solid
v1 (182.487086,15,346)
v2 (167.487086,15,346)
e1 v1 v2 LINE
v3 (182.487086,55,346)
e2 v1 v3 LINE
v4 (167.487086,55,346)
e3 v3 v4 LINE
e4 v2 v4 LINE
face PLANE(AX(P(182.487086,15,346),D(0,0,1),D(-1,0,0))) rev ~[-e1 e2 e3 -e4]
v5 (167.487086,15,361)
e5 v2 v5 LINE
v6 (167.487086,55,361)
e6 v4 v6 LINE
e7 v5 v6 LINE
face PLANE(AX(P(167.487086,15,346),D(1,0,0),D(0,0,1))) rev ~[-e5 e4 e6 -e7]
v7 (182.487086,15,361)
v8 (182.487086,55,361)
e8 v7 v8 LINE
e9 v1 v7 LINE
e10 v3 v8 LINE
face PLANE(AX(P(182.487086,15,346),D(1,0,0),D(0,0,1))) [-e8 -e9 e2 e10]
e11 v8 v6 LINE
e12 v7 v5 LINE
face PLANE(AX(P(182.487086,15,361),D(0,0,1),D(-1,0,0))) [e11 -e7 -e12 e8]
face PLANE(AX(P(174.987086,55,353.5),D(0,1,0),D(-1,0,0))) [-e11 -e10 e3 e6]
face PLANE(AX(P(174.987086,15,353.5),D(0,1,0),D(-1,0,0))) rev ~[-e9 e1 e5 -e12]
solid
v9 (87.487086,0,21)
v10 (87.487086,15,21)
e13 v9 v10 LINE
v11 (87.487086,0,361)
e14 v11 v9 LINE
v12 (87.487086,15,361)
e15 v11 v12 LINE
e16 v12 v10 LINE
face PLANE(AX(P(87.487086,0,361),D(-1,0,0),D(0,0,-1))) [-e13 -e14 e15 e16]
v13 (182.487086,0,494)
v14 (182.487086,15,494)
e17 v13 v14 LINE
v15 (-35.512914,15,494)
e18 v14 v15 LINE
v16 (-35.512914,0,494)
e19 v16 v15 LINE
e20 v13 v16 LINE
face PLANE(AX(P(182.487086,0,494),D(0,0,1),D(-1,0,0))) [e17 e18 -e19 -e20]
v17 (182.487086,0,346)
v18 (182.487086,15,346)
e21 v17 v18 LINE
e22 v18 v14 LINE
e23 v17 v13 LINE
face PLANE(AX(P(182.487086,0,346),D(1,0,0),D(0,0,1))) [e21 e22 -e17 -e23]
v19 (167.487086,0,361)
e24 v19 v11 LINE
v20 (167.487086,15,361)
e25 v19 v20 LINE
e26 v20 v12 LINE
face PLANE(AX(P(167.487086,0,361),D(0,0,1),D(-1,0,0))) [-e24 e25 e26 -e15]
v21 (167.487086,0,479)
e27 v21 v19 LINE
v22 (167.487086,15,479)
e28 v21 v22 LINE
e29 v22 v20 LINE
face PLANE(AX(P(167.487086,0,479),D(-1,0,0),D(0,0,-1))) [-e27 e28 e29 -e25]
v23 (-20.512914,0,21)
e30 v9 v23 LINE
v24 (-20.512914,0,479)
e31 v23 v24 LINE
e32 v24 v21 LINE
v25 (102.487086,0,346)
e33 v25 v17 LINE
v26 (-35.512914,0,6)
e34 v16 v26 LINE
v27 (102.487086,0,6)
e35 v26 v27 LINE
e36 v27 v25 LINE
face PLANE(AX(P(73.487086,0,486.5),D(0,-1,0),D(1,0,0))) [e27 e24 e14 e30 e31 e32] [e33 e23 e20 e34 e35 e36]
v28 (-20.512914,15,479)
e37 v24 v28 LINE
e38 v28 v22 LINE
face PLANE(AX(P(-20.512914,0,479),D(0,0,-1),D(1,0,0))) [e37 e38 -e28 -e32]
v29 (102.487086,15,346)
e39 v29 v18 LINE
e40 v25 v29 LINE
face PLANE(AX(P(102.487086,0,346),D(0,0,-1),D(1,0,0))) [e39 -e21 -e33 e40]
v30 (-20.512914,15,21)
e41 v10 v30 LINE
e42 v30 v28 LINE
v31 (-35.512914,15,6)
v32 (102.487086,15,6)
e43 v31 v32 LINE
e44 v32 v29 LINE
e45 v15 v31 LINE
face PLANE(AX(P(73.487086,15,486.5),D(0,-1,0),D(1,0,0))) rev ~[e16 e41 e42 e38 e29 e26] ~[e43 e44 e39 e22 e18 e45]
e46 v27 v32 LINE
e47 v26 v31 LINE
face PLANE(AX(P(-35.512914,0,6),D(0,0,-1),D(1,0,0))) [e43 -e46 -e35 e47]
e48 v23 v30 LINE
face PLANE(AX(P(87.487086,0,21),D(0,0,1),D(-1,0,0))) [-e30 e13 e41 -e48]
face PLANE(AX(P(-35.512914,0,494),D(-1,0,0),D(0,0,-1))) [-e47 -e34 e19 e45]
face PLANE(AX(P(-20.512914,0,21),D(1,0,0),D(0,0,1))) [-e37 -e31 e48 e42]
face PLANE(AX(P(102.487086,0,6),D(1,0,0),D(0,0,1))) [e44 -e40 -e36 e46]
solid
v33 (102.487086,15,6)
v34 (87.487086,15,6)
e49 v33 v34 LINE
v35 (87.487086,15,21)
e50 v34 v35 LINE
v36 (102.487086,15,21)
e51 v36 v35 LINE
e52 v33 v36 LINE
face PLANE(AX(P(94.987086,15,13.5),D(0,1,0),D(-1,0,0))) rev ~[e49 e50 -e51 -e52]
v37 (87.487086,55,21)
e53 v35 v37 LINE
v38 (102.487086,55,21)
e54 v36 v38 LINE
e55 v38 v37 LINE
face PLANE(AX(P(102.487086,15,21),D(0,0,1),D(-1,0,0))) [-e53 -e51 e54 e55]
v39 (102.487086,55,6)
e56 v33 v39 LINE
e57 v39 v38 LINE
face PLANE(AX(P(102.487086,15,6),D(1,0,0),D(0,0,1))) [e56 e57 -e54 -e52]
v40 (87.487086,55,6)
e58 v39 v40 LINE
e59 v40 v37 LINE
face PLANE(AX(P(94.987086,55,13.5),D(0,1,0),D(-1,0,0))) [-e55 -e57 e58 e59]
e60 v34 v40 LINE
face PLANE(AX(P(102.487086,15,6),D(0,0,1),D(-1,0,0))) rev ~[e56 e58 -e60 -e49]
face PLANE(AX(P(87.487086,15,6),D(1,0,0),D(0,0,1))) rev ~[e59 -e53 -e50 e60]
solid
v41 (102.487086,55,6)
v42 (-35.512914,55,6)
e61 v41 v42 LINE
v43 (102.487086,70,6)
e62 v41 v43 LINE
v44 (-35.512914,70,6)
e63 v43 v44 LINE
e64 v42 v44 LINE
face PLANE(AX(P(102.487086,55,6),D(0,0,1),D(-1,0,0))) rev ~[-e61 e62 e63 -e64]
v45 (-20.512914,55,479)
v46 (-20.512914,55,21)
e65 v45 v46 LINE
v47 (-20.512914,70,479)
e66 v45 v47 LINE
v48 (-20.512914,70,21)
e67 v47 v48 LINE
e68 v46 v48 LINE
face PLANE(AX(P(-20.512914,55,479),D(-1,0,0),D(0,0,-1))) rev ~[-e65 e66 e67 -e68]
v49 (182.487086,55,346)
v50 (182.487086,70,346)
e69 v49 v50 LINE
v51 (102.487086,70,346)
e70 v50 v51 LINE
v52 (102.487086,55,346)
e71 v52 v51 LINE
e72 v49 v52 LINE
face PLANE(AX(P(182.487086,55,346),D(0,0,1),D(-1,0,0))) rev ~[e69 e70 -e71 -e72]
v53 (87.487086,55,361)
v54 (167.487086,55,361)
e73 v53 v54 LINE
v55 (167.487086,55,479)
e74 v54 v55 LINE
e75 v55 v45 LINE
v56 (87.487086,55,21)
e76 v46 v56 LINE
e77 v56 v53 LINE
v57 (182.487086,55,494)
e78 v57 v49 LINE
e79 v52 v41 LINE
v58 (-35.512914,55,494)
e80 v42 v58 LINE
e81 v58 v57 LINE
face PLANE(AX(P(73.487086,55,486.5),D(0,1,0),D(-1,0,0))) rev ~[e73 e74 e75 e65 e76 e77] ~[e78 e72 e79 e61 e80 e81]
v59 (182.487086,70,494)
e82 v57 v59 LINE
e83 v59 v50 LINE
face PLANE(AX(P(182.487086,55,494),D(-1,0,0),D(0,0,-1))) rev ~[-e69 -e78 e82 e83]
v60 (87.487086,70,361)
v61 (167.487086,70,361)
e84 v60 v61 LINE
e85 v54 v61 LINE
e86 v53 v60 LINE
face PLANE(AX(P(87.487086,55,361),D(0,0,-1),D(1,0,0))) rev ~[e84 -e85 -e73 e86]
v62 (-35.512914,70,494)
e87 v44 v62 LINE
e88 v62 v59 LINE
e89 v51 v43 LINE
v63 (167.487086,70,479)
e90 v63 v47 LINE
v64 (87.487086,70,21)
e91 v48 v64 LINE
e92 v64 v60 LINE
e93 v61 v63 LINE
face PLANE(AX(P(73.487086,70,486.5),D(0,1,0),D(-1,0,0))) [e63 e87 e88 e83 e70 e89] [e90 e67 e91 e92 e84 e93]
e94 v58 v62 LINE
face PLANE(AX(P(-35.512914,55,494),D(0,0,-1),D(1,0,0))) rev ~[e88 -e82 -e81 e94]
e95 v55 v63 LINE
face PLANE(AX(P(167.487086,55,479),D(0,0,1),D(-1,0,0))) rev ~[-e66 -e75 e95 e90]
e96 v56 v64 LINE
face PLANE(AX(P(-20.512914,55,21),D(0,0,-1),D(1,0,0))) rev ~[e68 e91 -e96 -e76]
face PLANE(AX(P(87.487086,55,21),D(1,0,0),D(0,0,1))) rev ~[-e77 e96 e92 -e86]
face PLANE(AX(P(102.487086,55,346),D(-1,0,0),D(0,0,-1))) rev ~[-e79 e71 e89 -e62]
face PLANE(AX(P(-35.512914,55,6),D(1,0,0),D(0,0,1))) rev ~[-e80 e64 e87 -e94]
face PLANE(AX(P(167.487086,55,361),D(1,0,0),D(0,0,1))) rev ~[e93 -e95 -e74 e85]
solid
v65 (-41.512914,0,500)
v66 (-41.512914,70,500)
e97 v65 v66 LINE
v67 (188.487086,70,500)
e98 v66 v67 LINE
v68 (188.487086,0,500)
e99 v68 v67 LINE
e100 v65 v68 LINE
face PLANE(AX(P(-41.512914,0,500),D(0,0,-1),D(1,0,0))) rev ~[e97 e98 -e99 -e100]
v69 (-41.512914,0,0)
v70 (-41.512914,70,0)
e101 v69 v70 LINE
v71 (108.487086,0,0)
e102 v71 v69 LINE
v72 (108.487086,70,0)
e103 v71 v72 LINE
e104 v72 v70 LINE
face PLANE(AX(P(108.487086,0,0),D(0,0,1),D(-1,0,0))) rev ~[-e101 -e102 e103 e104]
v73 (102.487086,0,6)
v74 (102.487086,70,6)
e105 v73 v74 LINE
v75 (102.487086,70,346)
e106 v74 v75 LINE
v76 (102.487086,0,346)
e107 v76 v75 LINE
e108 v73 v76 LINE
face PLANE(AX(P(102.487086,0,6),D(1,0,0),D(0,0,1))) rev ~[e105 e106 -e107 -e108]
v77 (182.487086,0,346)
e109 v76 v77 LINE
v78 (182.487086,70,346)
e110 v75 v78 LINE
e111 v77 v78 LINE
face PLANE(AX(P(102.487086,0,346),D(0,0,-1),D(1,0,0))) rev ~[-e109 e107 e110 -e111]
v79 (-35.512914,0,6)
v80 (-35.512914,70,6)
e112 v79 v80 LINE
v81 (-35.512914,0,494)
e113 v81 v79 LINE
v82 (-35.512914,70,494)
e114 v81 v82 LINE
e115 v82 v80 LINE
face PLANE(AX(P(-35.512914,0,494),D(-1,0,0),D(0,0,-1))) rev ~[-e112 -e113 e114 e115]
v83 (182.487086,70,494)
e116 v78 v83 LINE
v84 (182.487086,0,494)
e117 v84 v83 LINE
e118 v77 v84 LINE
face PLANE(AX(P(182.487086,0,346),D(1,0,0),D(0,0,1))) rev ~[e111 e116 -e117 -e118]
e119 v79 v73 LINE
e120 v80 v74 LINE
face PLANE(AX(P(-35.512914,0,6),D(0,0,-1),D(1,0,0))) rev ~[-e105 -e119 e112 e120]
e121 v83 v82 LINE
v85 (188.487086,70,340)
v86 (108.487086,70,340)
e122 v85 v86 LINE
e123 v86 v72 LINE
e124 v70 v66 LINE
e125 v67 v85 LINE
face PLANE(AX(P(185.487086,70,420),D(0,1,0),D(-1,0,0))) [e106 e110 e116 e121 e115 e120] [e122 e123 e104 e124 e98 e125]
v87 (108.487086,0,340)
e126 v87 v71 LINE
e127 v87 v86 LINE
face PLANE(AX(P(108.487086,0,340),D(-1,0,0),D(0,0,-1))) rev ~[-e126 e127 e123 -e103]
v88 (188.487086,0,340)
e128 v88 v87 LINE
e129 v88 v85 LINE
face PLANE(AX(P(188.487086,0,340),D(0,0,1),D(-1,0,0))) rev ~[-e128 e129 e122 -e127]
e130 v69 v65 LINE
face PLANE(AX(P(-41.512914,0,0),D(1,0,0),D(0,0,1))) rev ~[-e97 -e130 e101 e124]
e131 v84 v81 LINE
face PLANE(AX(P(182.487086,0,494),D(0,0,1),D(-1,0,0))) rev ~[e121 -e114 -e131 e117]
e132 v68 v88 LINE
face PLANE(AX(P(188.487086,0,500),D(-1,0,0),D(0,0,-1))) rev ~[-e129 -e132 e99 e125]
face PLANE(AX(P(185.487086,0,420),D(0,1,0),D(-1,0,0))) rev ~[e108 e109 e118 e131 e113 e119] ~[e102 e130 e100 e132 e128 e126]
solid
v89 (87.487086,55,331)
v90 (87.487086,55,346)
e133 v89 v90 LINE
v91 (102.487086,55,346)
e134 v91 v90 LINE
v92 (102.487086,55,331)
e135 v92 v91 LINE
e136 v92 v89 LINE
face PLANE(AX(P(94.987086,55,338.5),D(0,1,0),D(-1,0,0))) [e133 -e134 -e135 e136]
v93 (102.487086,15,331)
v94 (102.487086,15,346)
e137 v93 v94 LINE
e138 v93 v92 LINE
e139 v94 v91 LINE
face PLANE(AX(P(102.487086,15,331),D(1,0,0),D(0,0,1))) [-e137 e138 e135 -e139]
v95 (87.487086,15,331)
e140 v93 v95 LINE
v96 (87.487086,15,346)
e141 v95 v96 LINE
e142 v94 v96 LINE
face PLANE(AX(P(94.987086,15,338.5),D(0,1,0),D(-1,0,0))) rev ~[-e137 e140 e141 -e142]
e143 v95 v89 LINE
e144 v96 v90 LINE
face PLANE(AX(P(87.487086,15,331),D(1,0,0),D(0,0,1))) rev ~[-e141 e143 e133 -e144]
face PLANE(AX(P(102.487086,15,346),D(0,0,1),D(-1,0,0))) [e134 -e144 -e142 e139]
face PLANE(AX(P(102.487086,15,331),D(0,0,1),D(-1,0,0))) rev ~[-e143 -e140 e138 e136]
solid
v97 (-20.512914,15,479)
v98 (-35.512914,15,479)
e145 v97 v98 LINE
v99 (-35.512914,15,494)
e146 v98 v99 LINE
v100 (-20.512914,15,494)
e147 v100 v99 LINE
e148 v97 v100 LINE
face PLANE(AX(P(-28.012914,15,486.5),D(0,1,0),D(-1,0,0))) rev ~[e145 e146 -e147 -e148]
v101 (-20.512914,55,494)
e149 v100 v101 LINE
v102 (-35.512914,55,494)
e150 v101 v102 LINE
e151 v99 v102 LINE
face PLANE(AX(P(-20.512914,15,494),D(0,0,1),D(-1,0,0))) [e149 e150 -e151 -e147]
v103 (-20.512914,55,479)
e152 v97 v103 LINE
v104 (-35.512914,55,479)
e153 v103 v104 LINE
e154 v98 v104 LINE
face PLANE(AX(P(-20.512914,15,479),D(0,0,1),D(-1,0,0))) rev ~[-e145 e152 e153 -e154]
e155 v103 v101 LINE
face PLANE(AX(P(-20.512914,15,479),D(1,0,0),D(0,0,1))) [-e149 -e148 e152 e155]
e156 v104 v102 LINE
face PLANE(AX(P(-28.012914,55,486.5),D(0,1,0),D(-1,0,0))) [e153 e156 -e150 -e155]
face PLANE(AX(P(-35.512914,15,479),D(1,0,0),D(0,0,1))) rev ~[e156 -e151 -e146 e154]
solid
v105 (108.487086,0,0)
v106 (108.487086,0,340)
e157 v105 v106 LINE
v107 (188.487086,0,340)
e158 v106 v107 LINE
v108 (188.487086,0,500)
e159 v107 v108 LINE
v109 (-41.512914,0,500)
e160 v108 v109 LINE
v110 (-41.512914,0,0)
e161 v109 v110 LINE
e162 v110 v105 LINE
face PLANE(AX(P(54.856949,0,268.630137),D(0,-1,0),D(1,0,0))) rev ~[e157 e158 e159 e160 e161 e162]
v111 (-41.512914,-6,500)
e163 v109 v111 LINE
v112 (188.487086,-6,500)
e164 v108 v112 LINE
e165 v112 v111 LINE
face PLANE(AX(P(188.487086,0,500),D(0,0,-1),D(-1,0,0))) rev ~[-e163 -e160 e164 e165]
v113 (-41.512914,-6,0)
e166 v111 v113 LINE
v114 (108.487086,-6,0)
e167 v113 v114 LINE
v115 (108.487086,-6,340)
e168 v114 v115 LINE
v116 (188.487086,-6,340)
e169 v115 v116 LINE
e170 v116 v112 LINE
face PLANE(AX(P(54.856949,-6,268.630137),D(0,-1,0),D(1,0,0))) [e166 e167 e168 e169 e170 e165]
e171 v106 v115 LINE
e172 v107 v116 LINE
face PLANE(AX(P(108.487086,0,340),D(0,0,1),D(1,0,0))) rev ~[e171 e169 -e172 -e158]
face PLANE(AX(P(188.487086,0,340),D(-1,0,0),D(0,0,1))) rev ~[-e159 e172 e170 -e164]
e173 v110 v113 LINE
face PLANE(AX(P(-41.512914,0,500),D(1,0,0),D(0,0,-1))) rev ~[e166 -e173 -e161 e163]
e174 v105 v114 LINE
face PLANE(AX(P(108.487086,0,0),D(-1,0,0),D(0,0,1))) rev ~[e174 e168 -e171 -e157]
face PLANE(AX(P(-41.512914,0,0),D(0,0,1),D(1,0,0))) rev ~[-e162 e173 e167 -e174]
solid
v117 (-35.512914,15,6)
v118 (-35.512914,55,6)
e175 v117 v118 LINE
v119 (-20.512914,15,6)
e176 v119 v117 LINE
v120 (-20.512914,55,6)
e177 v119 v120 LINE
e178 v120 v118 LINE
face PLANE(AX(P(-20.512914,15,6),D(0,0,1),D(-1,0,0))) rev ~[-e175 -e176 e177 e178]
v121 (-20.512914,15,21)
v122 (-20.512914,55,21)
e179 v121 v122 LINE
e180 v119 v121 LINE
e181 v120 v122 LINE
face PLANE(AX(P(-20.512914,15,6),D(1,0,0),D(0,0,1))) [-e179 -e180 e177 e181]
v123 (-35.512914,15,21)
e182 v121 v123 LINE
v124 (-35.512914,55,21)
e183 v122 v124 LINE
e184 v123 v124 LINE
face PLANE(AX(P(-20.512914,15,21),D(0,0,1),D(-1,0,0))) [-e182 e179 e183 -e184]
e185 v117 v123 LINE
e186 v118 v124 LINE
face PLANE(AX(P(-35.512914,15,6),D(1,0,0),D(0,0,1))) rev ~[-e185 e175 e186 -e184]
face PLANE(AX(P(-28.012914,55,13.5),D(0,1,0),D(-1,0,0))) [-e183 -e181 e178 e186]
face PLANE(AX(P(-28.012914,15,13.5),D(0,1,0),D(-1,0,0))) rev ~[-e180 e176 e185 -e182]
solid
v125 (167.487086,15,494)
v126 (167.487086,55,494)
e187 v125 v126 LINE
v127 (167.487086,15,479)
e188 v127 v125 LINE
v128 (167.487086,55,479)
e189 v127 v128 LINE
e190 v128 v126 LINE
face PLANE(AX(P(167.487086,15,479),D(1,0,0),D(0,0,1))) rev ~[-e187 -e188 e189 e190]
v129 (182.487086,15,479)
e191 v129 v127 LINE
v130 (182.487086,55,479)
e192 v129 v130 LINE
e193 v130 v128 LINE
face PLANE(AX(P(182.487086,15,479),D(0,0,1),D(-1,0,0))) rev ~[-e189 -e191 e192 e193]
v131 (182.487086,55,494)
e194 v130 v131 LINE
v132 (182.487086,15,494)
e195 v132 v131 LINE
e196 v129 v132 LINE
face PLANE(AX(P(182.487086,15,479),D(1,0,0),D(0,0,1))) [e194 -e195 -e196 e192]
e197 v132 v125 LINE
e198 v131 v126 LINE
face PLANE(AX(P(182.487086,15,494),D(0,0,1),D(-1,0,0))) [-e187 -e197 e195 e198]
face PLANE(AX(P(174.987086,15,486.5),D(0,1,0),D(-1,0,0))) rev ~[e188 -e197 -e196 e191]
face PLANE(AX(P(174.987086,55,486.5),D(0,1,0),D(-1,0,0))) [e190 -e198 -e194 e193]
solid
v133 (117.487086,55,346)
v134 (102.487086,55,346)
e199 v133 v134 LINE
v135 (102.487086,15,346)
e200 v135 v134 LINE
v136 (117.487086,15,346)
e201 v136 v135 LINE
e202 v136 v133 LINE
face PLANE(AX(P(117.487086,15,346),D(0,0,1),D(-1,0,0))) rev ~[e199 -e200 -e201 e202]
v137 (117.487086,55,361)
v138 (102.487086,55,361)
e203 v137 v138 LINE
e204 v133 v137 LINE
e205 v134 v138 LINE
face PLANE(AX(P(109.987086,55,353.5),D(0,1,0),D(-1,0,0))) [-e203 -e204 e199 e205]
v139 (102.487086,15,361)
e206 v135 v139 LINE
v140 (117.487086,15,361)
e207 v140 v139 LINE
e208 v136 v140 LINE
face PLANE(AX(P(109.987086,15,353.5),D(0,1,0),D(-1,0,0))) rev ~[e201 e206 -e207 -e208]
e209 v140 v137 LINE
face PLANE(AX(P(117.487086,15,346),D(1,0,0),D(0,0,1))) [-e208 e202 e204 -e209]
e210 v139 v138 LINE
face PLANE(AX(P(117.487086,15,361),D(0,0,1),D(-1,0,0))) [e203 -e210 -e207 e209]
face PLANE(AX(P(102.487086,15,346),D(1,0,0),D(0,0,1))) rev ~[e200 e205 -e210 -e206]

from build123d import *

# Parameters (mm, degrees)
F1_DEPTH = 6
F2_W     = 218
F2_H     = 6
F2_W_2   = 74
F3_DEPTH = 70
F4_W     = 15
F4_H     = 458
F5_DEPTH = 15
F6_W     = 15
F6_H     = 15
F7_DEPTH = 40
F8_W     = 15
F8_H     = 118
F9_DEPTH = 15


with BuildPart() as f1:
    # F0 (on Front) → F1 (new body)
    with BuildSketch(Plane.XZ):
        Polygon((-41.512914, 500), (-41.512914, 0), (108.487086, 0), (108.487086, 340), (188.487086, 340), (188.487086, 500), align=None)
    extrude(amount=F1_DEPTH)


with BuildPart() as f3:
    # F2 (on face) → F3 (new body)
    with BuildSketch(Plane(origin=(0, 0, 0), x_dir=(-1, 0, 0), z_dir=(0, 1, 0))):
        Polygon((-182.487086, 500), (-188.487086, 500), (-188.487086, 340), (-182.487086, 340), (-182.487086, 346), (-182.487086, 494), align=None)
        with Locations((-73.487086, 497)):
            Rectangle(F2_W, F2_H)
        Polygon((41.512914, 500), (35.512914, 500), (35.512914, 494), (35.512914, 6), (41.512914, 6), align=None)
        with Locations((-145.487086, 343)):
            Rectangle(F2_W_2, F2_H)
        Polygon((-108.487086, 346), (-108.487086, 340), (-108.487086, 0), (-102.487086, 0), (-102.487086, 6), (-102.487086, 346), align=None)
        Polygon((41.512914, 6), (35.512914, 6), (-102.487086, 6), (-102.487086, 0), (41.512914, 0), align=None)
    extrude(amount=F3_DEPTH)


with BuildPart() as f5:
    # F4 (on face) → F5 (new body)
    with BuildSketch(Plane.XZ):
        Polygon((182.487086, 494), (-35.512914, 494), (-35.512914, 479), (-20.512914, 479), (167.487086, 479), (182.487086, 479), align=None)
        with Locations((-28.012914, 250)):
            Rectangle(F4_W, F4_H)
        Polygon((182.487086, 346), (182.487086, 479), (167.487086, 479), (167.487086, 361), (167.487086, 346), align=None)
        Polygon((-20.512914, 21), (-35.512914, 21), (-35.512914, 6), (87.487086, 6), (87.487086, 21), align=None)
        Polygon((167.487086, 346), (167.487086, 361), (87.487086, 361), (87.487086, 346), (102.487086, 346), align=None)
        Polygon((87.487086, 346), (87.487086, 21), (87.487086, 6), (102.487086, 6), (102.487086, 346), align=None)
    extrude(amount=-F5_DEPTH)


with BuildPart() as f7:
    # F6 (on face) → F7 (new body)
    with BuildSketch(Plane(origin=(0, 15, 0), x_dir=(-1, 0, 0), z_dir=(0, 1, 0))):
        with Locations((-174.987086, 486.5)):
            Rectangle(F6_W, F6_H)
        with Locations((-174.987086, 353.5)):
            Rectangle(F6_W, F6_H)
        with Locations((-109.987086, 353.5)):
            Rectangle(F6_W, F6_H)
        with Locations((-94.987086, 338.5)):
            Rectangle(F6_W, F6_H)
        with Locations((-94.987086, 13.5)):
            Rectangle(F6_W, F6_H)
        with Locations((28.012914, 13.5)):
            Rectangle(F6_W, F6_H)
        with Locations((28.012914, 486.5)):
            Rectangle(F6_W, F6_H)
    extrude(amount=F7_DEPTH)


with BuildPart() as f9:
    # F8 (on face) → F9 (new body)
    with BuildSketch(Plane(origin=(0, 55, 0), x_dir=(-1, 0, 0), z_dir=(0, 1, 0))):
        Polygon((35.512914, 494), (-182.487086, 494), (-182.487086, 479), (-167.487086, 479), (20.512914, 479), (35.512914, 479), align=None)
        with Locations((-174.987086, 420)):
            Rectangle(F8_W, F8_H)
        Polygon((35.512914, 6), (35.512914, 479), (20.512914, 479), (20.512914, 21), (20.512914, 6), align=None)
        Polygon((-167.487086, 361), (-182.487086, 361), (-182.487086, 346), (-102.487086, 346), (-102.487086, 361), align=None)
        Polygon((20.512914, 6), (20.512914, 21), (-87.487086, 21), (-102.487086, 21), (-102.487086, 6), align=None)
        Polygon((-87.487086, 361), (-102.487086, 361), (-102.487086, 346), (-102.487086, 21), (-87.487086, 21), align=None)
    extrude(amount=F9_DEPTH)


solid = Compound([f1.part, f3.part, f5.part, f7.part, f9.part])
